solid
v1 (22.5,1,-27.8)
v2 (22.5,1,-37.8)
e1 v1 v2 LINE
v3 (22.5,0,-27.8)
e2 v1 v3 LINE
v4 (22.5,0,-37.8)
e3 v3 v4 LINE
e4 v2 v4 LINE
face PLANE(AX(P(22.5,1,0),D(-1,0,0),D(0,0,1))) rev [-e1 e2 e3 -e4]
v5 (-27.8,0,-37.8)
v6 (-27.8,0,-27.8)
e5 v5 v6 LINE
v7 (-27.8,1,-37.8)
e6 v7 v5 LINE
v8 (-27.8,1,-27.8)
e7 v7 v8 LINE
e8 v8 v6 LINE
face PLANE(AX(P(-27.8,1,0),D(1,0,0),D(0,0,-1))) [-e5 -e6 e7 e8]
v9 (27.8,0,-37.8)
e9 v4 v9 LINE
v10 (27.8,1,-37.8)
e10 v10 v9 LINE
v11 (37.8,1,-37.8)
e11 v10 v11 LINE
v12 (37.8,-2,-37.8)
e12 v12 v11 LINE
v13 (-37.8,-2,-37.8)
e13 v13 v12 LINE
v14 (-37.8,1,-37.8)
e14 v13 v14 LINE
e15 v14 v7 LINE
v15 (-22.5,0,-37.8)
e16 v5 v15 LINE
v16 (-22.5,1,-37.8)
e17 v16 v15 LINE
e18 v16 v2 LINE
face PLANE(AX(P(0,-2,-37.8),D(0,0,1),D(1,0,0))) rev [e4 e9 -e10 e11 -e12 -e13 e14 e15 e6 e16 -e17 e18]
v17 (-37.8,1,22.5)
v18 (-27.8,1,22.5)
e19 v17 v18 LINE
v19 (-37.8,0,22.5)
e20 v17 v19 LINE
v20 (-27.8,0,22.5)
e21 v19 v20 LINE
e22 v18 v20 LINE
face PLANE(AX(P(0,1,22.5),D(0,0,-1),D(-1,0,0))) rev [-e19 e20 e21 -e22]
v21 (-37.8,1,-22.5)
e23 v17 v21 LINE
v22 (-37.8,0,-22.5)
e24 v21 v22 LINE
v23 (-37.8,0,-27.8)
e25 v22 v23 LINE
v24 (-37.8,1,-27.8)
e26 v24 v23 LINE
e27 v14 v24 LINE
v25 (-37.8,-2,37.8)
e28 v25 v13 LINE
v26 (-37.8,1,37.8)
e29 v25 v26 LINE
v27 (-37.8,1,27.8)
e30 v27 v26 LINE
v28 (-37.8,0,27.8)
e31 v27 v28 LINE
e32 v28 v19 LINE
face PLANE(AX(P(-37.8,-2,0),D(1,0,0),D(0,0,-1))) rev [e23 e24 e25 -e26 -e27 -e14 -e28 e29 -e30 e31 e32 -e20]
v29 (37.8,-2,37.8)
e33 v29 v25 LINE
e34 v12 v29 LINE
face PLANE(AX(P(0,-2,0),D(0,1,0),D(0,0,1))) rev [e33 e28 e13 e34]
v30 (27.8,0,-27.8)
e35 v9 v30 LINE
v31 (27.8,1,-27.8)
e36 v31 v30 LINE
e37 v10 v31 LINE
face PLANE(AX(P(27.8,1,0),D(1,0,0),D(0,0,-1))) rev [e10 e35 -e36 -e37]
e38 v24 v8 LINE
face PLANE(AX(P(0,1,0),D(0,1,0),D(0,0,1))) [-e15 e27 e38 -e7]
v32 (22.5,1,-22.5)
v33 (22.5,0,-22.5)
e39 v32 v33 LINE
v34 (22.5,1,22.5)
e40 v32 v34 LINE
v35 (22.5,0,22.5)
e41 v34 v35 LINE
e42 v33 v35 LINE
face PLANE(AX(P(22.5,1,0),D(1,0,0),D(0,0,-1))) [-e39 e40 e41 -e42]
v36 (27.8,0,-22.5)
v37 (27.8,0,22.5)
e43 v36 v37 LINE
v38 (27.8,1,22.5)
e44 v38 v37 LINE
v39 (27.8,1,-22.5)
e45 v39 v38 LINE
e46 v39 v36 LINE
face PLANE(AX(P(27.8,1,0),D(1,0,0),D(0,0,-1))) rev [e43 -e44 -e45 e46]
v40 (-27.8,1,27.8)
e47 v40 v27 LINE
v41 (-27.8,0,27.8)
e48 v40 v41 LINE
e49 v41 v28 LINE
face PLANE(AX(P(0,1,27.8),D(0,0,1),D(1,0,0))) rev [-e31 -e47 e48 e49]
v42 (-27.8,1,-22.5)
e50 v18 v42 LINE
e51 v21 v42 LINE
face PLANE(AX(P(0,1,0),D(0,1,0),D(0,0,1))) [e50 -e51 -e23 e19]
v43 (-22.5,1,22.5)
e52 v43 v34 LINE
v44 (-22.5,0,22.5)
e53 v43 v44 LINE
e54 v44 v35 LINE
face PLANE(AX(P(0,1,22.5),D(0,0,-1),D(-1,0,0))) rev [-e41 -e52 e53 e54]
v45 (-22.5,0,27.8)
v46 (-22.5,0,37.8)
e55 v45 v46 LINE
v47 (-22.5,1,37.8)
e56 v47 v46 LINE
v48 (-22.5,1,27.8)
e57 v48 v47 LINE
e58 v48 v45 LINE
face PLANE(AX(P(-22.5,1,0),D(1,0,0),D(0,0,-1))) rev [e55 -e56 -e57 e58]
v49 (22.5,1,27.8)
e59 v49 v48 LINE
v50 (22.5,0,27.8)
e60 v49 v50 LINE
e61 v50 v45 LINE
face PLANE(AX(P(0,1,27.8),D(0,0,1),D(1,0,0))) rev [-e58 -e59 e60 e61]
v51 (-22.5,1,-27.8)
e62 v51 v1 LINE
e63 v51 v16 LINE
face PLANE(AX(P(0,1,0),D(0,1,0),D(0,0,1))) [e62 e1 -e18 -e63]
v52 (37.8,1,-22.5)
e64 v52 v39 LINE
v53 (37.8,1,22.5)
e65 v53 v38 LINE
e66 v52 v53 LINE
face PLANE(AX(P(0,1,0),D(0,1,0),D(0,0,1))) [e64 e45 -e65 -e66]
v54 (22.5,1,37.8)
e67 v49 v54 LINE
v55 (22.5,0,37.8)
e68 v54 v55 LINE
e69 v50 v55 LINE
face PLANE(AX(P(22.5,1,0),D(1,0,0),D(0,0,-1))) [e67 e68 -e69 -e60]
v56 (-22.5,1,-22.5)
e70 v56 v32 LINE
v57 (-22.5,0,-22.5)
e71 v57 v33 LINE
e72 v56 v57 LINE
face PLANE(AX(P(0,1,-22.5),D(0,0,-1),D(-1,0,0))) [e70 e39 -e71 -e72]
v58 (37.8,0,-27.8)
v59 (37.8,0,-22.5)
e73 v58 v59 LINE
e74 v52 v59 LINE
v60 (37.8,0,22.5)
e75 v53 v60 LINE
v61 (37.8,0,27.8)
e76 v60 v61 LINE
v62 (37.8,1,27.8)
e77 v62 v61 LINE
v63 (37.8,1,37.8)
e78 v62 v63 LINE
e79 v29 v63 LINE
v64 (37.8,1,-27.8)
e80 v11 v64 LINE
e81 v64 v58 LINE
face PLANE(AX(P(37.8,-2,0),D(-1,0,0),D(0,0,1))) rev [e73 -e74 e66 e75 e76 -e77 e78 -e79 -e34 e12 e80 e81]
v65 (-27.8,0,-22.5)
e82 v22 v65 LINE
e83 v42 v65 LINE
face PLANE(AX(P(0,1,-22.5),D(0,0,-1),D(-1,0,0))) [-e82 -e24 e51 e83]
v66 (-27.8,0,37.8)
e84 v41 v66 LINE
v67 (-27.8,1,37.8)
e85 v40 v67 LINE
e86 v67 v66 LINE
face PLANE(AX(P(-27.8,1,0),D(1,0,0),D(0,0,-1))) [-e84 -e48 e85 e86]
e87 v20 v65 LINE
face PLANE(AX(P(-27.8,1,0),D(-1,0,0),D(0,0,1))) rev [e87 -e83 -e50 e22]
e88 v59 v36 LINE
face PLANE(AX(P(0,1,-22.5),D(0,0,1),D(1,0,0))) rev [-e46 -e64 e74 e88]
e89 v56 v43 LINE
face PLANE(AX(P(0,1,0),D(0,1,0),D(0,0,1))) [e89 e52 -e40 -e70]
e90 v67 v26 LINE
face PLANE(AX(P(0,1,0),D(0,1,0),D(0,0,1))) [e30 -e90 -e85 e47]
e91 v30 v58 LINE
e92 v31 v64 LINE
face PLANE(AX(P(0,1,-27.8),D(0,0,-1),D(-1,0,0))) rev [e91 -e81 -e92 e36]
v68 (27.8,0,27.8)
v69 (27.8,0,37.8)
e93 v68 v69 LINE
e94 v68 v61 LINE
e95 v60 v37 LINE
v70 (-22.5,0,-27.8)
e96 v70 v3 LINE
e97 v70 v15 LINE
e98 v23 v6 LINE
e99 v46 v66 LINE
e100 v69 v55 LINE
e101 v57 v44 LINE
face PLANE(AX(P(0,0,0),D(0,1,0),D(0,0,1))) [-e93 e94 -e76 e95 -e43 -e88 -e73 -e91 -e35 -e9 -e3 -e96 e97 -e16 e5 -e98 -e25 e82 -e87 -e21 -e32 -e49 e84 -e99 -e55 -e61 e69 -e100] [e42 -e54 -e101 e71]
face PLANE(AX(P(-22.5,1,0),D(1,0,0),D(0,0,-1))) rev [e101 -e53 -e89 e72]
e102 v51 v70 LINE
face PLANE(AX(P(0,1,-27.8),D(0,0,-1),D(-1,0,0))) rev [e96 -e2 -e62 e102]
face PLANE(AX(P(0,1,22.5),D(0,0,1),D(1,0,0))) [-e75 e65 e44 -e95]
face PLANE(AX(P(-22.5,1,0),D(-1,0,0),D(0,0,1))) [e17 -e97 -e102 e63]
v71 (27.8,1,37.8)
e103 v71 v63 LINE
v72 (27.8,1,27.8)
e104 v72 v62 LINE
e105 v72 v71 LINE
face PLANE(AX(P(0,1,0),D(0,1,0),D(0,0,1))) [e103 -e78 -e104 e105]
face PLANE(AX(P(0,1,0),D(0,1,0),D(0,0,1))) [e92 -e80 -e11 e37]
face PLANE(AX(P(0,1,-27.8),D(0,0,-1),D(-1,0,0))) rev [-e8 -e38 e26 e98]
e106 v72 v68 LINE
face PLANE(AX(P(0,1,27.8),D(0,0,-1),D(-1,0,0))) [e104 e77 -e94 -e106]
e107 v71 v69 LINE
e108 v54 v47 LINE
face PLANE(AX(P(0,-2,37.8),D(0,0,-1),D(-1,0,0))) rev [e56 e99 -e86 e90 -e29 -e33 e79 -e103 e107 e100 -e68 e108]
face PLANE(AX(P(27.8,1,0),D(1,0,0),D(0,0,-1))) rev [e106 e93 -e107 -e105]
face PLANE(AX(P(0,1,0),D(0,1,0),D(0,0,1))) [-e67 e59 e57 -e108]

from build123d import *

# Parameters (mm, degrees)
SKETCH1_W           = 75.6
SKETCH1_H           = 75.6
BOSS_EXTRUDE1_DEPTH = 2
SKETCH1_3_W         = 10
SKETCH1_3_H         = 45
SKETCH1_3_H_2       = 10
SKETCH1_3_W_2       = 45
BOSS_EXTRUDE2_DEPTH = 1


with BuildPart() as part:
    # Sketch1 → Boss-Extrude1 (new body)
    with BuildSketch(Plane(origin=(0, 0, 0), x_dir=(1, 0, 0), z_dir=(0, 1, 0))):
        Rectangle(SKETCH1_W, SKETCH1_H)
    extrude(amount=-BOSS_EXTRUDE1_DEPTH)

    # Sketch1<3> → Boss-Extrude2 (add)
    with BuildSketch(Plane(origin=(0, 0, 0), x_dir=(1, 0, 0), z_dir=(0, 1, 0))):
        with Locations((-32.8, 0)):
            Rectangle(SKETCH1_3_W, SKETCH1_3_H)
        with Locations((-32.8, 32.8)):
            Rectangle(SKETCH1_3_W, SKETCH1_3_H_2)
        with Locations((-32.8, -32.8)):
            Rectangle(SKETCH1_3_W, SKETCH1_3_H_2)
        with Locations((0, 32.8)):
            Rectangle(SKETCH1_3_W_2, SKETCH1_3_H_2)
        with Locations((0, -32.8)):
            Rectangle(SKETCH1_3_W_2, SKETCH1_3_H_2)
        with Locations((32.8, 32.8)):
            Rectangle(SKETCH1_3_W, SKETCH1_3_H_2)
        with Locations((32.8, -32.8)):
            Rectangle(SKETCH1_3_W, SKETCH1_3_H_2)
        with Locations((32.8, 0)):
            Rectangle(SKETCH1_3_W, SKETCH1_3_H)
        Rectangle(SKETCH1_3_W_2, SKETCH1_3_H)
    extrude(amount=BOSS_EXTRUDE2_DEPTH)


solid = part.part
